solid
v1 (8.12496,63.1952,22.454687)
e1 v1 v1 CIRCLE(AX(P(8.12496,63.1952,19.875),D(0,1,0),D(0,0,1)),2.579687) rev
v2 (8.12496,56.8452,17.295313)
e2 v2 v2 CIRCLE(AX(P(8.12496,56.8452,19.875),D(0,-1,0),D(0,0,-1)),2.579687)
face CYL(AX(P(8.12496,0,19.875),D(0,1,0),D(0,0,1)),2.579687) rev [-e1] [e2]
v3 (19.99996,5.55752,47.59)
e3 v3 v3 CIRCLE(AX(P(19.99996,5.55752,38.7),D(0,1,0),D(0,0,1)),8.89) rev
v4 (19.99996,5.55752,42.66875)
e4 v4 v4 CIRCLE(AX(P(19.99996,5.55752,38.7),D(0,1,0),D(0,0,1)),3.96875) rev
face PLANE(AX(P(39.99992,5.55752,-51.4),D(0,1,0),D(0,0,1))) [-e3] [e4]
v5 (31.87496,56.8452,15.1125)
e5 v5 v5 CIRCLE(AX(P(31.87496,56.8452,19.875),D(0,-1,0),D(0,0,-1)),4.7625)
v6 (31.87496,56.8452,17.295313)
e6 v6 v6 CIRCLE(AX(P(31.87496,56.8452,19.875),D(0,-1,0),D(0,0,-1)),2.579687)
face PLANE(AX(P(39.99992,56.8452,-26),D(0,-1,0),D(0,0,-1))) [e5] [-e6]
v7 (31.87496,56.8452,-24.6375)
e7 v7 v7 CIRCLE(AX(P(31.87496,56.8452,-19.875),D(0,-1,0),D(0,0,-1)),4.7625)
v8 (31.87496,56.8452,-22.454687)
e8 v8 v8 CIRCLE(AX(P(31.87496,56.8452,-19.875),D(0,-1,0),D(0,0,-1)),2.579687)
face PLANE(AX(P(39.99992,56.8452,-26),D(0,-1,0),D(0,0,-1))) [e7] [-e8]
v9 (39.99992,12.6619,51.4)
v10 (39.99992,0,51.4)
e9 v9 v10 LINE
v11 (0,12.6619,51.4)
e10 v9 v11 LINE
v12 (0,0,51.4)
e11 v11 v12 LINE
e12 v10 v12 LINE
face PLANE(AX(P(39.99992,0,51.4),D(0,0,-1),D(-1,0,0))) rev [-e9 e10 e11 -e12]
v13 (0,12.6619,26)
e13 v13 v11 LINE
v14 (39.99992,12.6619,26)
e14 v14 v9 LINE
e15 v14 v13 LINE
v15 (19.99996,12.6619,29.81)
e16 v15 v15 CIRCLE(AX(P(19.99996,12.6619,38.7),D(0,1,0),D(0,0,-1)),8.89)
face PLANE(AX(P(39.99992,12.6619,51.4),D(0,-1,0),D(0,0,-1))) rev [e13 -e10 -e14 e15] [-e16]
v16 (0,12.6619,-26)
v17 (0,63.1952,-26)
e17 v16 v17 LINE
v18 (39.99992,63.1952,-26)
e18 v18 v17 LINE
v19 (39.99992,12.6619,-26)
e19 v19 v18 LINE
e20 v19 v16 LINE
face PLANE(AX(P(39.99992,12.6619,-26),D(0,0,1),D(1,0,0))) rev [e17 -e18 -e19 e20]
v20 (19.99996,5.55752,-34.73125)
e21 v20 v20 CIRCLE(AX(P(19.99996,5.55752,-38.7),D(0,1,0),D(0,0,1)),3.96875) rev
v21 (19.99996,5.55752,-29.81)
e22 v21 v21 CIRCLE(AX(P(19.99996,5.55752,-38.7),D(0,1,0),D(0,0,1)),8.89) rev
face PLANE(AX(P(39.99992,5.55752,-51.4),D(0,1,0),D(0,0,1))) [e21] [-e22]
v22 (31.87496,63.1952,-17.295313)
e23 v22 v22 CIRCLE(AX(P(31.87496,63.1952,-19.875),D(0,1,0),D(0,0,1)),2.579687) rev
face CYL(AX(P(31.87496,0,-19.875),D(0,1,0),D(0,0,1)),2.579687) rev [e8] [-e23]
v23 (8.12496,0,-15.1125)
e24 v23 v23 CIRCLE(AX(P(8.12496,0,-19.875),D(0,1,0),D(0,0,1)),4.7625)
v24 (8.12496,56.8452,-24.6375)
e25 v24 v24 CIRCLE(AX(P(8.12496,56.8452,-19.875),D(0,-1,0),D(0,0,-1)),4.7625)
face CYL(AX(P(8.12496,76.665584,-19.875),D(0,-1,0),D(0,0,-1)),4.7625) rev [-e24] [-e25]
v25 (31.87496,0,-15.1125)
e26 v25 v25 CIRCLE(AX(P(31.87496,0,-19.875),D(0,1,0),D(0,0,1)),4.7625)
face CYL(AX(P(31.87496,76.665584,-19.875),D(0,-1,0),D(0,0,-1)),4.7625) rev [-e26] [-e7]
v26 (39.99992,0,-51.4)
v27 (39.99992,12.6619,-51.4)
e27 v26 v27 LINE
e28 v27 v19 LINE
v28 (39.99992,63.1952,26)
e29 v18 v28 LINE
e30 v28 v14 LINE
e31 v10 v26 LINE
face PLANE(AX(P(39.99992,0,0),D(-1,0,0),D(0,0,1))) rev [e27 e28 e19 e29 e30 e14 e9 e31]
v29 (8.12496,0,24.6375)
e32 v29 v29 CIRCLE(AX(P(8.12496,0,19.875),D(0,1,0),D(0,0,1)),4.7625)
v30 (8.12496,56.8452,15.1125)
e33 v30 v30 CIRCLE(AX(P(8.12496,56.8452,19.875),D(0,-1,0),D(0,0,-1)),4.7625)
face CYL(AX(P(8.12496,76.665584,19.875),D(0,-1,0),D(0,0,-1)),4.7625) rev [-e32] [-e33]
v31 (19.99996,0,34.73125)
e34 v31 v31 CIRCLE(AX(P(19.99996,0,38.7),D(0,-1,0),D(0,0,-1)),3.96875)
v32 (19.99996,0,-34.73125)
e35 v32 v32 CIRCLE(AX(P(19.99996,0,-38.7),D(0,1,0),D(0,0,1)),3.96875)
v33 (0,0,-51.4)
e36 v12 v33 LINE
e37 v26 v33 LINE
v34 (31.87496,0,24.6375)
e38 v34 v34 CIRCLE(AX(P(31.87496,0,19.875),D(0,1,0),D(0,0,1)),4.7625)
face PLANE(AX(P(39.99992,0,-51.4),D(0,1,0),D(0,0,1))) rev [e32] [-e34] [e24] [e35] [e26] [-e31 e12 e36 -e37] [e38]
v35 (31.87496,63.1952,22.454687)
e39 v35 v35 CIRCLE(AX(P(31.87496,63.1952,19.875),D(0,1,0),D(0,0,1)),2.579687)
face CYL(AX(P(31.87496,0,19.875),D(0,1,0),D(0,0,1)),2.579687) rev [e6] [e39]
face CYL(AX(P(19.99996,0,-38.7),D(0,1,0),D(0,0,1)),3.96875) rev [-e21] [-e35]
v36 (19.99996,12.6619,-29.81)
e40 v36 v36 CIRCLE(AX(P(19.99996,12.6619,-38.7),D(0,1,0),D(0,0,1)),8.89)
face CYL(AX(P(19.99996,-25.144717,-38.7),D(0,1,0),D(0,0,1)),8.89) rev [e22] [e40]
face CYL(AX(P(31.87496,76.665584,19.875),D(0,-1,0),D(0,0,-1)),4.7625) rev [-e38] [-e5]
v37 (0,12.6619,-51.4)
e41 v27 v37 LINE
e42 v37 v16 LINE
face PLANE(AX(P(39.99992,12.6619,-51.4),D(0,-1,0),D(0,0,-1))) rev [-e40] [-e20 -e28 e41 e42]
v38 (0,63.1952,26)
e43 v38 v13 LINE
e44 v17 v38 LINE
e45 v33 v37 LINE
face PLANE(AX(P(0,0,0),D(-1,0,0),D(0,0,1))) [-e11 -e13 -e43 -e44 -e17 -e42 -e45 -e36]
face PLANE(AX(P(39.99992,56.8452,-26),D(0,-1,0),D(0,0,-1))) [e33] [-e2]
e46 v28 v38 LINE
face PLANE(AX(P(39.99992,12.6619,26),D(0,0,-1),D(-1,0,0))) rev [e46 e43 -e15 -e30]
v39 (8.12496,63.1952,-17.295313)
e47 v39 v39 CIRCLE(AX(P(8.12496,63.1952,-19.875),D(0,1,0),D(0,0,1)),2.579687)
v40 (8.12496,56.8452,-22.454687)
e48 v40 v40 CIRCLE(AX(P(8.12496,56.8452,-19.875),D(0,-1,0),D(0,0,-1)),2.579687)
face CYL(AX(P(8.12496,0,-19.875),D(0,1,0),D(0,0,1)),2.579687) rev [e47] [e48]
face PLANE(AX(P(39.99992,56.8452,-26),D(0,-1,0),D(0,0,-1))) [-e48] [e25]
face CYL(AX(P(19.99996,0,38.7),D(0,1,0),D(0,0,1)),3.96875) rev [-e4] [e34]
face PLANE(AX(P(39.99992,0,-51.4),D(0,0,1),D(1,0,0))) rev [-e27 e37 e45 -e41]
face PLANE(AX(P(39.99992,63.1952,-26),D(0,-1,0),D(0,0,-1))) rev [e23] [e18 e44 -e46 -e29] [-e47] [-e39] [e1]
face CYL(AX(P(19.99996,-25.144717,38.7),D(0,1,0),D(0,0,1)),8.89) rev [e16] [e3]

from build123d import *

# Parameters (mm, degrees)
BOSS_EXTRUDE1_DEPTH = 39.99992
SKETCH2_R           = 2.5796875
CUT_EXTRUDE1_DEPTH  = 91.750134452
CUT_EXTRUDE2_START  = -6.35
SKETCH2_3_R         = 4.7625
SKETCH2_3_R_2       = 2.5796875
CUT_EXTRUDE2_DEPTH  = 56.8452
SKETCH3_R           = 3.96875
CUT_EXTRUDE3_DEPTH  = 83.435235239
SKETCH3_5_R         = 8.89
SKETCH3_5_R_2       = 3.96875
CUT_EXTRUDE4_DEPTH  = 7.10438


with BuildPart() as part:
    # Sketch1 → Boss-Extrude1 (new body)
    with BuildSketch(Plane(origin=(0, 0, 0), x_dir=(0, 0, -1), z_dir=(1, 0, 0))):
        Polygon((51.4, 0), (-51.4, 0), (-51.4, 12.6619), (-26, 12.6619), (-26, 63.1952), (26, 63.1952), (26, 12.6619), (51.4, 12.6619), align=None)
    extrude(amount=BOSS_EXTRUDE1_DEPTH)

    # Sketch2 → Cut-Extrude1 (cut, through all)
    with BuildSketch(Plane(origin=(0, 63.1952, 0), x_dir=(1, 0, 0), z_dir=(0, 1, 0))):
        with Locations(Location((8.12496, 19.875, 0), (0, 0, 270))):
            Circle(SKETCH2_R)
        with Locations(Location((31.87496, 19.875, 0), (0, 0, 270))):
            Circle(SKETCH2_R)
        with Locations(Location((8.12496, -19.875, 0), (0, 0, 270))):
            Circle(SKETCH2_R)
        with Locations(Location((31.87496, -19.875, 0), (0, 0, 270))):
            Circle(SKETCH2_R)
    extrude(amount=-CUT_EXTRUDE1_DEPTH, mode=Mode.SUBTRACT)

    # Sketch2<3> → Cut-Extrude2 (cut)
    # profile 1 of 4: a face of its own
    with BuildSketch(Plane(origin=(0, 63.1952, 0), x_dir=(1, 0, 0), z_dir=(0, 1, 0)).offset(CUT_EXTRUDE2_START)):
        with Locations(Location((8.12496, 19.875, 0), (0, 0, 90))):
            Circle(SKETCH2_3_R)
        with Locations(Location((8.12496, 19.875, 0), (0, 0, 270))):
            Circle(SKETCH2_3_R_2, mode=Mode.SUBTRACT)
    # profile 2 of 4: a face of its own
    with BuildSketch(Plane(origin=(0, 63.1952, 0), x_dir=(1, 0, 0), z_dir=(0, 1, 0)).offset(CUT_EXTRUDE2_START)):
        with Locations(Location((31.87496, 19.875, 0), (0, 0, 90))):
            Circle(SKETCH2_3_R)
        with Locations(Location((31.87496, 19.875, 0), (0, 0, 270))):
            Circle(SKETCH2_3_R_2, mode=Mode.SUBTRACT)
    # profile 3 of 4: a face of its own
    with BuildSketch(Plane(origin=(0, 63.1952, 0), x_dir=(1, 0, 0), z_dir=(0, 1, 0)).offset(CUT_EXTRUDE2_START)):
        with Locations(Location((8.12496, -19.875, 0), (0, 0, 90))):
            Circle(SKETCH2_3_R)
        with Locations(Location((8.12496, -19.875, 0), (0, 0, 270))):
            Circle(SKETCH2_3_R_2, mode=Mode.SUBTRACT)
    # profile 4 of 4: a face of its own
    with BuildSketch(Plane(origin=(0, 63.1952, 0), x_dir=(1, 0, 0), z_dir=(0, 1, 0)).offset(CUT_EXTRUDE2_START)):
        with Locations(Location((31.87496, -19.875, 0), (0, 0, 90))):
            Circle(SKETCH2_3_R)
        with Locations(Location((31.87496, -19.875, 0), (0, 0, 270))):
            Circle(SKETCH2_3_R_2, mode=Mode.SUBTRACT)
    extrude(amount=-CUT_EXTRUDE2_DEPTH, mode=Mode.SUBTRACT)

    # Sketch3 → Cut-Extrude3 (cut, through all)
    with BuildSketch(Plane(origin=(0, 12.6619, 0), x_dir=(1, 0, 0), z_dir=(0, 1, 0))):
        with Locations(Location((19.99996, 38.7, 0), (0, 0, 270))):
            Circle(SKETCH3_R)
        with Locations(Location((19.99996, -38.7, 0), (0, 0, 90))):
            Circle(SKETCH3_R)
    extrude(amount=-CUT_EXTRUDE3_DEPTH, mode=Mode.SUBTRACT)

    # Sketch3<5> → Cut-Extrude4 (cut)
    # profile 1 of 2: a face of its own
    with BuildSketch(Plane(origin=(0, 12.6619, 0), x_dir=(1, 0, 0), z_dir=(0, 1, 0))):
        with Locations(Location((19.99996, 38.7, 0), (0, 0, 270))):
            Circle(SKETCH3_5_R)
        with Locations(Location((19.99996, 38.7, 0), (0, 0, 270))):
            Circle(SKETCH3_5_R_2, mode=Mode.SUBTRACT)
    # profile 2 of 2: a face of its own
    with BuildSketch(Plane(origin=(0, 12.6619, 0), x_dir=(1, 0, 0), z_dir=(0, 1, 0))):
        with Locations(Location((19.99996, -38.7, 0), (0, 0, 270))):
            Circle(SKETCH3_5_R)
        with Locations(Location((19.99996, -38.7, 0), (0, 0, 270))):
            Circle(SKETCH3_5_R_2, mode=Mode.SUBTRACT)
    extrude(amount=-CUT_EXTRUDE4_DEPTH, mode=Mode.SUBTRACT)


solid = part.part
